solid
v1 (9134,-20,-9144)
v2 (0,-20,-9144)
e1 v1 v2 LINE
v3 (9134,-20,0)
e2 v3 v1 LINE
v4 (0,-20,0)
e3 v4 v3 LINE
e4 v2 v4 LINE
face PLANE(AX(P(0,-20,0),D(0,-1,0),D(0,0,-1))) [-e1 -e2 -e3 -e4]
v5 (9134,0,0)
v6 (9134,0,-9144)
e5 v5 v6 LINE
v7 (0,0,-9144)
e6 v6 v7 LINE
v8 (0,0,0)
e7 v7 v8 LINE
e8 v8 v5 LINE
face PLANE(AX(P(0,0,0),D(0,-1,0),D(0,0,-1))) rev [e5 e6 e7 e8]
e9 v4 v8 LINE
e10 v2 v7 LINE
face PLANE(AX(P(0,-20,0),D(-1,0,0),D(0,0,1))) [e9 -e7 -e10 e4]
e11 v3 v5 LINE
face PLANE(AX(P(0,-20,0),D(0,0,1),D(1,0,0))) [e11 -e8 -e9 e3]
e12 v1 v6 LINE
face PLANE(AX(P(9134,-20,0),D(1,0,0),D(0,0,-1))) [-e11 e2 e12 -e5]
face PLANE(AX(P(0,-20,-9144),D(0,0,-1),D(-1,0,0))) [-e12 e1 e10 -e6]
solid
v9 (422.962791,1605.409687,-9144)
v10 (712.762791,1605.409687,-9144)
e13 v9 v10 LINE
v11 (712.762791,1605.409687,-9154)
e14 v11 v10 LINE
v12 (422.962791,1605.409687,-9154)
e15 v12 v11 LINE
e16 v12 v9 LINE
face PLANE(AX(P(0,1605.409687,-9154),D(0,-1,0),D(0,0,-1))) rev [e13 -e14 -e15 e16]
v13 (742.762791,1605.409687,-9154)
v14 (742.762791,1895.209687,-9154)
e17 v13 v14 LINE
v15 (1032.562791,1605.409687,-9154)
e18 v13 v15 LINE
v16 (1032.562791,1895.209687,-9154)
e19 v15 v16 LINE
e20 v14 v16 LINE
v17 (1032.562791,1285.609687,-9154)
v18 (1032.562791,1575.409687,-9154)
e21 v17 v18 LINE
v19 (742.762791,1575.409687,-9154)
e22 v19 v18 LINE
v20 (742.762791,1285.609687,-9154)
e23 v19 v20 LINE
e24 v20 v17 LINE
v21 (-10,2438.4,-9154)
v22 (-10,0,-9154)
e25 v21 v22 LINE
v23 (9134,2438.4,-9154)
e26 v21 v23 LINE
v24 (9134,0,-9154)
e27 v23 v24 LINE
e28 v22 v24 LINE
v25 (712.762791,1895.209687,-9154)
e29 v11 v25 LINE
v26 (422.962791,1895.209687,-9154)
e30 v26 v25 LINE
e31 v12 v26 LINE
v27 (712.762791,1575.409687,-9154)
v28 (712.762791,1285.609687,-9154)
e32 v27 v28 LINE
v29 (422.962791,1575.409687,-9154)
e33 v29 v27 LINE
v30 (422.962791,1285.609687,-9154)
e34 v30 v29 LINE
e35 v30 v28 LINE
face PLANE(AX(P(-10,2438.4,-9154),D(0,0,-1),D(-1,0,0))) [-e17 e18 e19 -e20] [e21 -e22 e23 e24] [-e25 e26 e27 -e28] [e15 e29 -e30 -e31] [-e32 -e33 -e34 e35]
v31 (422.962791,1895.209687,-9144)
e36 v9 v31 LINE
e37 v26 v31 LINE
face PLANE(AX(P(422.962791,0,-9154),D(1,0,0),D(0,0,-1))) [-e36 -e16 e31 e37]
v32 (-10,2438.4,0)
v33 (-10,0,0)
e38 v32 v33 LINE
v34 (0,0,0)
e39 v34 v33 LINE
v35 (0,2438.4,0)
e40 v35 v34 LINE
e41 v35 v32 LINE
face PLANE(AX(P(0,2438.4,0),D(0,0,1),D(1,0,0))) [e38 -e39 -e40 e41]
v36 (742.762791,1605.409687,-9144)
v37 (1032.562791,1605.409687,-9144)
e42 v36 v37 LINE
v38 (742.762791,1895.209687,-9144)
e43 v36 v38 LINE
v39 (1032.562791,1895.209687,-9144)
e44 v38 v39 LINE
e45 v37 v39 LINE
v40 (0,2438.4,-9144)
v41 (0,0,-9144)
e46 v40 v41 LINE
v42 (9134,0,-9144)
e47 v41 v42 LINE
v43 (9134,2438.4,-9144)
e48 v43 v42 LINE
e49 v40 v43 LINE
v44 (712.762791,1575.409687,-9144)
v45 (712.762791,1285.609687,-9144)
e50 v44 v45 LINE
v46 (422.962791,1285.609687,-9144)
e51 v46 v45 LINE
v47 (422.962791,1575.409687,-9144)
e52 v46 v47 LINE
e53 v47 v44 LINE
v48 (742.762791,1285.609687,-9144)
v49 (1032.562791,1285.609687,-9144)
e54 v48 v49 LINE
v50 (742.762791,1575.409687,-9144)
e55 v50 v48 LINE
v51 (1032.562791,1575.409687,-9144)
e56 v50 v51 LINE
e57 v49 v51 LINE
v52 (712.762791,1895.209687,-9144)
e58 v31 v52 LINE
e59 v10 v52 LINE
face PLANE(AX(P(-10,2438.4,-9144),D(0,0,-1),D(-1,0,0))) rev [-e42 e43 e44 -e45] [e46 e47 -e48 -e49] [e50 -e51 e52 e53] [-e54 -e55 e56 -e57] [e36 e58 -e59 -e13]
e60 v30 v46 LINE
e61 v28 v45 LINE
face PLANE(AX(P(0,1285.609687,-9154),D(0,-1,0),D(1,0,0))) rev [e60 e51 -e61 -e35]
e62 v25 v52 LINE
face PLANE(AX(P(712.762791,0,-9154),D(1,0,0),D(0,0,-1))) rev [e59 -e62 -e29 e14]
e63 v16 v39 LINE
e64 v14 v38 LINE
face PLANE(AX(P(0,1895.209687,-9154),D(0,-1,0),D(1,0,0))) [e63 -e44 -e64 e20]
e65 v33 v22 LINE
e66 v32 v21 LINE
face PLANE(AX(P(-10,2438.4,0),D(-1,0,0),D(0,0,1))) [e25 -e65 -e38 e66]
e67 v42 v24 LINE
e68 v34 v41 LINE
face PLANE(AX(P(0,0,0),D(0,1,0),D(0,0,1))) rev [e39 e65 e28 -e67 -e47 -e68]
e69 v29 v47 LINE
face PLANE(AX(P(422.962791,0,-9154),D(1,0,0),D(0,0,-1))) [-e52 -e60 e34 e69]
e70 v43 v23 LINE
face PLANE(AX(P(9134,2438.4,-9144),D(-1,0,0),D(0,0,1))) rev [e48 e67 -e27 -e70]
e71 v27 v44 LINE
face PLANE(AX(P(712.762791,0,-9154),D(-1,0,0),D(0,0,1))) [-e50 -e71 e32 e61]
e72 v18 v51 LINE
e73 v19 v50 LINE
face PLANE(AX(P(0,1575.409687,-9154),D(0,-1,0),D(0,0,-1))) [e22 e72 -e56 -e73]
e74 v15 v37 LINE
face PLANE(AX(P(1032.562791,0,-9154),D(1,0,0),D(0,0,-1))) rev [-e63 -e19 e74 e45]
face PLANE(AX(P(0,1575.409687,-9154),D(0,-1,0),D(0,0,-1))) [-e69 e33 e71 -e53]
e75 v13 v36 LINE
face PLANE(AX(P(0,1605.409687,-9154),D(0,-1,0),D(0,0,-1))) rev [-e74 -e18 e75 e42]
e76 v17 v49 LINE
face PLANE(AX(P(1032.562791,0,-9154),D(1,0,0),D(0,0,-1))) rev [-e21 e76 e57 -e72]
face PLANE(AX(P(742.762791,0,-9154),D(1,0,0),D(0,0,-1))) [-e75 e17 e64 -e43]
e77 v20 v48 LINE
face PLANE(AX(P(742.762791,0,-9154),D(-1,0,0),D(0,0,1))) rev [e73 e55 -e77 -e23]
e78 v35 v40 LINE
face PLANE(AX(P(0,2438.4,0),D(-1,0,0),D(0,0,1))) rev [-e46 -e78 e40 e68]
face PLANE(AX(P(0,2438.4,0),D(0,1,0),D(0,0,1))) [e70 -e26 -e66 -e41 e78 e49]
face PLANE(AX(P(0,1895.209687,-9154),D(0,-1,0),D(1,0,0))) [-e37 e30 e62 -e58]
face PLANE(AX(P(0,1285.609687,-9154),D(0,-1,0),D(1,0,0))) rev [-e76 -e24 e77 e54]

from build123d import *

# Parameters (mm, degrees)
SKETCH1_W           = 10
SKETCH1_H           = 9144
SKETCH1_W_2         = 9144
SKETCH1_H_2         = 10
BOSS_EXTRUDE1_DEPTH = 2438.4
SKETCH3_W           = 289.8
SKETCH3_H           = 289.8
CUT_EXTRUDE1_DEPTH  = 11
SKETCH4_W           = 9134
SKETCH4_H           = 9144
BOSS_EXTRUDE3_DEPTH = 20


with BuildPart() as part:
    # Sketch1 → Boss-Extrude1 (new body)
    with BuildSketch(Plane(origin=(0, 0, 0), x_dir=(1, 0, 0), z_dir=(0, 1, 0))):
        with Locations((-5, 4572)):
            Rectangle(SKETCH1_W, SKETCH1_H)
        with Locations((4562, 9149)):
            Rectangle(SKETCH1_W_2, SKETCH1_H_2)
    extrude(amount=BOSS_EXTRUDE1_DEPTH)

    # Sketch3 → Cut-Extrude1 (cut, through all)
    with BuildSketch(Plane.XY.offset(-9144)):
        with Locations((567.862791314, 1750.309687089)):
            Rectangle(SKETCH3_W, SKETCH3_H)
        with Locations((887.662791314, 1750.309687089)):
            Rectangle(SKETCH3_W, SKETCH3_H)
        with Locations((887.662791314, 1430.509687089)):
            Rectangle(SKETCH3_W, SKETCH3_H)
        with Locations((567.862791314, 1430.509687089)):
            Rectangle(SKETCH3_W, SKETCH3_H)
    extrude(amount=-CUT_EXTRUDE1_DEPTH, mode=Mode.SUBTRACT)


with BuildPart() as body_2:
    # Sketch4 → Boss-Extrude3 (new body)
    with BuildSketch(Plane.XZ):
        with Locations((4567, -4572)):
            Rectangle(SKETCH4_W, SKETCH4_H)
    extrude(amount=BOSS_EXTRUDE3_DEPTH)


solid = Compound([part.part, body_2.part])
